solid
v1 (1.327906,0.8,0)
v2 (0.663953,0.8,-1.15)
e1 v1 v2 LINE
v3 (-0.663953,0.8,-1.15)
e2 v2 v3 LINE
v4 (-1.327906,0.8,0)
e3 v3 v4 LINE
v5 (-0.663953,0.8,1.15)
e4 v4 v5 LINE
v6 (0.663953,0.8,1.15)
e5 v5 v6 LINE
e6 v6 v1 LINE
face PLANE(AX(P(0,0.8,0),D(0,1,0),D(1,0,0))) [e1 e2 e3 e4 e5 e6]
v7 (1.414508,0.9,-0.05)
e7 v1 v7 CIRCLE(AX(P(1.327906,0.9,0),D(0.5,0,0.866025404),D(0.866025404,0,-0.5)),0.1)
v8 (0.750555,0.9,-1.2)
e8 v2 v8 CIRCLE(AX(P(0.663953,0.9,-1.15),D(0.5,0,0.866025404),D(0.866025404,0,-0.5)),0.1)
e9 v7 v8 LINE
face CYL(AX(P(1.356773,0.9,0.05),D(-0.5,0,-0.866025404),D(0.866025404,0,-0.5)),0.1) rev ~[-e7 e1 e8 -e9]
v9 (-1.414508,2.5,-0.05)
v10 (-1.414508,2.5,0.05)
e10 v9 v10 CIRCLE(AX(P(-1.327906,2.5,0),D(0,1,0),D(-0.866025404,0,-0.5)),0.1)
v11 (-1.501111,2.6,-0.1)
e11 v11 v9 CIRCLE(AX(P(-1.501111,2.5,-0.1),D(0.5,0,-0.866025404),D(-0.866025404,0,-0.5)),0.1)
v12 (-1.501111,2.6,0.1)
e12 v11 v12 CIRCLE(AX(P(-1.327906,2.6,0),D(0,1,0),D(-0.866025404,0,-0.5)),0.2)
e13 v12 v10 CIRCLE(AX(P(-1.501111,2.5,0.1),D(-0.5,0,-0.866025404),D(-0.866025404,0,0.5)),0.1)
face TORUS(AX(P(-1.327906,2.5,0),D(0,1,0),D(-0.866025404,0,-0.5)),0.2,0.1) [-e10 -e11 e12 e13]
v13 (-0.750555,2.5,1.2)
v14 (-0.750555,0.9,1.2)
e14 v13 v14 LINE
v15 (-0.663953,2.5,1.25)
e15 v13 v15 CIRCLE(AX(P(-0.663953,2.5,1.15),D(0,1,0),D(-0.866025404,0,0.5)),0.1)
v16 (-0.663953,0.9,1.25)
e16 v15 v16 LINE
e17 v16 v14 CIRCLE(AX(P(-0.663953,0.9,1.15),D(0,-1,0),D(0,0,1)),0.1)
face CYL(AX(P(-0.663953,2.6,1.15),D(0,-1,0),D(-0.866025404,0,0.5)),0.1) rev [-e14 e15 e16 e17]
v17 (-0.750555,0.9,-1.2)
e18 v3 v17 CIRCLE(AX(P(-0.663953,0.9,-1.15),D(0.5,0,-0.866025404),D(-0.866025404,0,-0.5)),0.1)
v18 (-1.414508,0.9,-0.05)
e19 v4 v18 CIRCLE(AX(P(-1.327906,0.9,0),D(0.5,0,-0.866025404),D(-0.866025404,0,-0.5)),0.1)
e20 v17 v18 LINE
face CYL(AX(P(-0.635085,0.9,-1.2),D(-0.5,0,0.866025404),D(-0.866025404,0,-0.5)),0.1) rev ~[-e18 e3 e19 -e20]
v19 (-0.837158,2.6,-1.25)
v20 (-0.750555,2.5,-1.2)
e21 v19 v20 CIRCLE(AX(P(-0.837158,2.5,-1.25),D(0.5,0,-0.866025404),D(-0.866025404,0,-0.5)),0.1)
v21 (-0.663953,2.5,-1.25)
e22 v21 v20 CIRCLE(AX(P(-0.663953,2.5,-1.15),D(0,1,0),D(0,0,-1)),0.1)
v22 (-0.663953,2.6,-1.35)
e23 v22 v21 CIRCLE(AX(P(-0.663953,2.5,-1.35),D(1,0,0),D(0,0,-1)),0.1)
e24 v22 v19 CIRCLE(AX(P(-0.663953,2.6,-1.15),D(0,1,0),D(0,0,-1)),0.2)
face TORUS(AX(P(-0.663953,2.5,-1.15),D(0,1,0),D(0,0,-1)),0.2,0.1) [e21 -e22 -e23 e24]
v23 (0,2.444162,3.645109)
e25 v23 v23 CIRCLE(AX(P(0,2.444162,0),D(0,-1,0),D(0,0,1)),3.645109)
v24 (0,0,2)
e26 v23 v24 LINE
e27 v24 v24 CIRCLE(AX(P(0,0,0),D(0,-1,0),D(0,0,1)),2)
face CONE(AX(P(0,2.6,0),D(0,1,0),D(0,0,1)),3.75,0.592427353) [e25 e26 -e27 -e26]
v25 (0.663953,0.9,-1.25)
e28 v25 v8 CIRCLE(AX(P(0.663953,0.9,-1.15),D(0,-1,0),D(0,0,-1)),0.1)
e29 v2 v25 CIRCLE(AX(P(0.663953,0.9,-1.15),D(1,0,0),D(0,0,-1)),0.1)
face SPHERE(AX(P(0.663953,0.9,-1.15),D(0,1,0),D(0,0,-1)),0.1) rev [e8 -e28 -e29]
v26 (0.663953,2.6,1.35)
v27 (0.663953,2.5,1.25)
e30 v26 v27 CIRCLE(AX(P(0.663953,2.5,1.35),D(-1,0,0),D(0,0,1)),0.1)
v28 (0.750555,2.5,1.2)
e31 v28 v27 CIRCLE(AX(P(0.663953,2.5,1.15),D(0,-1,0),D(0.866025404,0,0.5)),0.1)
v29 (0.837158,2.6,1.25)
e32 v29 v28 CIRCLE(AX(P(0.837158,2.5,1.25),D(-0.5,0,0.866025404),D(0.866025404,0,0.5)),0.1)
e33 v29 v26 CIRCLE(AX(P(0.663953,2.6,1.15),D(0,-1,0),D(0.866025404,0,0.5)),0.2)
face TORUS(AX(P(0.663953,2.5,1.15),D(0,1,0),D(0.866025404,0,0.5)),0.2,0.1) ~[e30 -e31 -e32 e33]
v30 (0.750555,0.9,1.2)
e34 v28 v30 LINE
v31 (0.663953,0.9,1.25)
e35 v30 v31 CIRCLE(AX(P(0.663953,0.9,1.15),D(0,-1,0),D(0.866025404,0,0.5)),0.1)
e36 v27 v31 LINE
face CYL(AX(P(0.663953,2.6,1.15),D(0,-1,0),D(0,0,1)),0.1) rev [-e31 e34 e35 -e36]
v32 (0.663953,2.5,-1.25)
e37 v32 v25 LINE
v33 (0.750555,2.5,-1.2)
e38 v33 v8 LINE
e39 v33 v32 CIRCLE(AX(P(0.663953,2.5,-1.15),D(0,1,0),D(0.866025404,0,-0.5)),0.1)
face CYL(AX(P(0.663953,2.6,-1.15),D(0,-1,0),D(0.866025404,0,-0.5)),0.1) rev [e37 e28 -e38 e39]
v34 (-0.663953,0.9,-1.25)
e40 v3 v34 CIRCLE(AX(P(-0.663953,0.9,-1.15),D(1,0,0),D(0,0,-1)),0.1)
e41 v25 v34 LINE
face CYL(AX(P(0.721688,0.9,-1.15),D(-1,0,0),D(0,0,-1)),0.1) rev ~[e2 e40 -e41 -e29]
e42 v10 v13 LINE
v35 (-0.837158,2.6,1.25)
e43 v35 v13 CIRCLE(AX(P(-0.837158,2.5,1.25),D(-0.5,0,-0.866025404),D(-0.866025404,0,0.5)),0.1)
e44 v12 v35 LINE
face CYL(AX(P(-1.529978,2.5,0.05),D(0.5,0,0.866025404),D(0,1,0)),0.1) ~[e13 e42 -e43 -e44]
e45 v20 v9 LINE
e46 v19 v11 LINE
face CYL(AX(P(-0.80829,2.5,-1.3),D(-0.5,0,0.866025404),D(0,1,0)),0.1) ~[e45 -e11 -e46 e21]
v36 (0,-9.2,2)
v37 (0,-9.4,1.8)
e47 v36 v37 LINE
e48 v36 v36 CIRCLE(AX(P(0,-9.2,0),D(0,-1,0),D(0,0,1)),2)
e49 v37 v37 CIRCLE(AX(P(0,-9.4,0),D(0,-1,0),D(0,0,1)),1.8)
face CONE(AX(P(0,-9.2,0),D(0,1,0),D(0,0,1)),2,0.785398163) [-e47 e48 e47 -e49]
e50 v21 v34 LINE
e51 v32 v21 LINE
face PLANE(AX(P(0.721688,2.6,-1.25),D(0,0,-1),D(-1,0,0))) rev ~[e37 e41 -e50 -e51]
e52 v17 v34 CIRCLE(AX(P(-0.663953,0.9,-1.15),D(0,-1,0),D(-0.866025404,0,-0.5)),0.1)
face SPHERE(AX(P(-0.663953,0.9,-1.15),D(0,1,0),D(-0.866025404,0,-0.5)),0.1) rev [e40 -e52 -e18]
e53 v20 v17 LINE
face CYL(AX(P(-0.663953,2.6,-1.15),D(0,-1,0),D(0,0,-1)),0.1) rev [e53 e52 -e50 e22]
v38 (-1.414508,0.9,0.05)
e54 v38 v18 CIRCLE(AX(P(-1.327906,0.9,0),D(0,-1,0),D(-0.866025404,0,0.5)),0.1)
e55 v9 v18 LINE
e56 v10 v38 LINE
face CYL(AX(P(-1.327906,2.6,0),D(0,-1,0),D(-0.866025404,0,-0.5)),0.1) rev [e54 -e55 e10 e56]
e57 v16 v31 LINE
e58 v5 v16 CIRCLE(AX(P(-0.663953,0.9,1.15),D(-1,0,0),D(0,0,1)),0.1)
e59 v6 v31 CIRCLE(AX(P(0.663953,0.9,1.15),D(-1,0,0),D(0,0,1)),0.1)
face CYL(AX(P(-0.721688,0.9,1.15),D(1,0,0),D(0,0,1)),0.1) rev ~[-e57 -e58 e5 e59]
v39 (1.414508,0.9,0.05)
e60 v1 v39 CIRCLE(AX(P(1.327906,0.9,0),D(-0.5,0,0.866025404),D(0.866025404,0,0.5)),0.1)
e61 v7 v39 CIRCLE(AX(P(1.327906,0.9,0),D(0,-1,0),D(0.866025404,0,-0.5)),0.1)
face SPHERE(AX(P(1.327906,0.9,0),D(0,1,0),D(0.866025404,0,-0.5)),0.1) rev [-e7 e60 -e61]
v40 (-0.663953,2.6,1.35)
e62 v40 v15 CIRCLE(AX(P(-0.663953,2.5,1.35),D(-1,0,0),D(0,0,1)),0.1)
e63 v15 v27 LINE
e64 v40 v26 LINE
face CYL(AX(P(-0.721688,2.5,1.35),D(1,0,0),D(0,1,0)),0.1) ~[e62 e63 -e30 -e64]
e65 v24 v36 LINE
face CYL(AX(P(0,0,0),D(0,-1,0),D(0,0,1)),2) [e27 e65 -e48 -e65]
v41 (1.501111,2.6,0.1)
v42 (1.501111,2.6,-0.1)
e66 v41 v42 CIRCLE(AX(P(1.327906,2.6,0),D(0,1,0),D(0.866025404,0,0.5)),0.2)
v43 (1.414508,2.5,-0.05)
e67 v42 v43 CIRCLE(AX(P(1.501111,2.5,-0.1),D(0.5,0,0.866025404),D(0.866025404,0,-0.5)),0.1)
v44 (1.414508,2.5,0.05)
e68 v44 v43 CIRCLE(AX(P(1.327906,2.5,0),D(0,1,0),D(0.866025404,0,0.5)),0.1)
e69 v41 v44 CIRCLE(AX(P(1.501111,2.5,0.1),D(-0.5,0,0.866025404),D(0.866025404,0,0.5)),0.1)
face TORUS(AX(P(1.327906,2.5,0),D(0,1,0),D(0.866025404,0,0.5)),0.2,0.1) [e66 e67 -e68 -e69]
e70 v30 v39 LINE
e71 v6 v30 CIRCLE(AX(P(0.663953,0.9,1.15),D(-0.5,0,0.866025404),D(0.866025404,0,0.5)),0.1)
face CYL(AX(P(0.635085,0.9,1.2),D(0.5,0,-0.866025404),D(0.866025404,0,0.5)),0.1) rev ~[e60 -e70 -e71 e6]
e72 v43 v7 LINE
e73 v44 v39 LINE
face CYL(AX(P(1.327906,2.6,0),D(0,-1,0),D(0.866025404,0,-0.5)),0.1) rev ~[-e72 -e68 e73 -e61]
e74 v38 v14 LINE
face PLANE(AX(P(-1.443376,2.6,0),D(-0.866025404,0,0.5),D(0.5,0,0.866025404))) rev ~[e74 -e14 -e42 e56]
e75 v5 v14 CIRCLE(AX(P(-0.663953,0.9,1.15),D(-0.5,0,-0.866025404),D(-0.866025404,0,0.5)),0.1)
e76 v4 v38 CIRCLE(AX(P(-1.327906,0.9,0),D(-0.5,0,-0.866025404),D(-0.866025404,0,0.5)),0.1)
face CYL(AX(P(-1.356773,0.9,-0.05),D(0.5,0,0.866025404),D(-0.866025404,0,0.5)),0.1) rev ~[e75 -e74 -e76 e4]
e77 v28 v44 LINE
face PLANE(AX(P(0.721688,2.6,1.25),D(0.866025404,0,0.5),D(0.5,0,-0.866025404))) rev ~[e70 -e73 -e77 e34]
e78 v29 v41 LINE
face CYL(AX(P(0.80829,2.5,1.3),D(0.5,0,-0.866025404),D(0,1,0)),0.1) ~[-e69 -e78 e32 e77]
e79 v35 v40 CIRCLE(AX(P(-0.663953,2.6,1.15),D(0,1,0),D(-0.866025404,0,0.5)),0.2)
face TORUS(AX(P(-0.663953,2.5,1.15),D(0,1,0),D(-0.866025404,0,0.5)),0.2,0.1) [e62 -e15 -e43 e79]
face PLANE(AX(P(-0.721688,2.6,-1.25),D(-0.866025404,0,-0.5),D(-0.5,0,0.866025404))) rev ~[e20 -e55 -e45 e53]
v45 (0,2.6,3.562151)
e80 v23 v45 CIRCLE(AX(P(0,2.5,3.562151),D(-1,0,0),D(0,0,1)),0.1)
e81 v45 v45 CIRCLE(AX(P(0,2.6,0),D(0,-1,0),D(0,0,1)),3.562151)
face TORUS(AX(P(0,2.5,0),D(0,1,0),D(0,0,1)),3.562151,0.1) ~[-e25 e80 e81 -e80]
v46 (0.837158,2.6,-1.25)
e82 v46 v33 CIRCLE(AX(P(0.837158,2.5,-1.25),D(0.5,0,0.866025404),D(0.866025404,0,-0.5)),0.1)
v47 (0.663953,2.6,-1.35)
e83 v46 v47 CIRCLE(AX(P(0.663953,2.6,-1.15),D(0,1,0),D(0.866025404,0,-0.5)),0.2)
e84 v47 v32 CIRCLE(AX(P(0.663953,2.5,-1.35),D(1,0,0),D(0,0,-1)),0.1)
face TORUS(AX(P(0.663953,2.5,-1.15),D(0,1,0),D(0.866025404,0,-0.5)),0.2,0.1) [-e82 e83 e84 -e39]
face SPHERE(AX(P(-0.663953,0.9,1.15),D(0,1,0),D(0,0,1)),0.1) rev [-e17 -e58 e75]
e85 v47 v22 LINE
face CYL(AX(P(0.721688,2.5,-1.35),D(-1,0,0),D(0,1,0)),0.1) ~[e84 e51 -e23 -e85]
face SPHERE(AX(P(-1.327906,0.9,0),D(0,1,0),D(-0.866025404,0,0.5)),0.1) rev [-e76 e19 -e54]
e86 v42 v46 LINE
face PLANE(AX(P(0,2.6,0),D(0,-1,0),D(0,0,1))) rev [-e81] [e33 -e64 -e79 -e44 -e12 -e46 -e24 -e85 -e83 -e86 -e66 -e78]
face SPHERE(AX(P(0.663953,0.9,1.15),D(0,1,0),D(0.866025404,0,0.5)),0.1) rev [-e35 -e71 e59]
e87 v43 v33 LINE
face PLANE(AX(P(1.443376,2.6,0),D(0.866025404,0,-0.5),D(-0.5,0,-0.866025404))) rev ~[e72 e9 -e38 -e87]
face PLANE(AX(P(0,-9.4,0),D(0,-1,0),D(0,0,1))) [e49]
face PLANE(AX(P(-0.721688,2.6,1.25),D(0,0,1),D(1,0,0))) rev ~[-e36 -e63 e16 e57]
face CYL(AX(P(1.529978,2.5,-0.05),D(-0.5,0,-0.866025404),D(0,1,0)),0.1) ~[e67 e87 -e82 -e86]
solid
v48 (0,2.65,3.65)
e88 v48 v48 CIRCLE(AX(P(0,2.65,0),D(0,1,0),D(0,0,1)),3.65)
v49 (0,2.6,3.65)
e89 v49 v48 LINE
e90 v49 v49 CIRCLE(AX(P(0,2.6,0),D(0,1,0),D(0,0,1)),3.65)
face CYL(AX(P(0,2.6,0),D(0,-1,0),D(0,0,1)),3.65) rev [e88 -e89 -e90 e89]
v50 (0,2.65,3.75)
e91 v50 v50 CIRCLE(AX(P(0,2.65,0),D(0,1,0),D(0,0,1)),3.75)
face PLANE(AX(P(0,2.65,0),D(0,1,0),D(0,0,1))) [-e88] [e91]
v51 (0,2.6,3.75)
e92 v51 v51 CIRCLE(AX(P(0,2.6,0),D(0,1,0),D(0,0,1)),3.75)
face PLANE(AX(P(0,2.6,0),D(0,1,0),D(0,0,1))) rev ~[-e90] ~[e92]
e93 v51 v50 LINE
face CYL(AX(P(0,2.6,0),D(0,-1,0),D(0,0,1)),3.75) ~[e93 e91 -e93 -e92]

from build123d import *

# Parameters (mm, degrees)
CUT_EXTRUDE1_DEPTH = 1.8
CHAMFER1_SIZE      = 0.2
FILLET1_R          = 0.1
SKETCH_1_R         = 3.75
SKETCH_1_R_2       = 3.65
EXTRUDE_1920_DEPTH = 0.05


with BuildPart() as part:
    # Sketch1 → Revolve1 (revolve)
    with BuildSketch(Plane(origin=(0, 0, 0), x_dir=(0, 0, -1), z_dir=(1, 0, 0))):
        Polygon((-3.75, 2.6), (-2, 0), (-2, -9.4), (0, -9.4), (0, 2.6), align=None)
    revolve(axis=Axis((0, 2.6, 0), (0, -1, 0)))

    # Sketch2 → Cut-Extrude1 (cut)
    with BuildSketch(Plane(origin=(0, 2.6, 0), x_dir=(1, 0, 0), z_dir=(0, 1, 0))):
        Polygon((1.443375673, 0), (0.721687836, 1.25), (-0.721687836, 1.25), (-1.443375673, 0), (-0.721687836, -1.25), (0.721687836, -1.25), align=None)
    extrude(amount=-CUT_EXTRUDE1_DEPTH, mode=Mode.SUBTRACT)

    # Chamfer1
    chamfer1_edges = [part.edges().sort_by_distance(p)[0] for p in [
        (0, -9.4, -2),
    ]]
    chamfer(chamfer1_edges, length=CHAMFER1_SIZE)

    # Fillet1
    fillet1_edges = [part.edges().sort_by_distance(p)[0] for p in [
        (1.082531755, 0.8, 0.625),
        (1.443375673, 1.7, 0),
        (0, 0.8, 1.25),
        (0.721687836, 1.7, 1.25),
        (-1.082531755, 0.8, 0.625),
        (-0.721687836, 1.7, 1.25),
        (-1.082531755, 0.8, -0.625),
        (-1.443375673, 1.7, 0),
        (0, 0.8, -1.25),
        (-0.721687836, 1.7, -1.25),
        (1.082531755, 0.8, -0.625),
        (0.721687836, 1.7, -1.25),
        (1.082531755, 2.6, 0.625),
        (1.082531755, 2.6, -0.625),
        (0, 2.6, -1.25),
        (-1.082531755, 2.6, -0.625),
        (-1.082531755, 2.6, 0.625),
        (0, 2.6, 1.25),
        (0, 2.6, -3.75),
    ]]
    fillet(fillet1_edges, radius=FILLET1_R)


with BuildPart() as body_2:
    # 草图1 → Extrude 1920 (new body)
    with BuildSketch(Plane(origin=(0, 2.6, 0), x_dir=(1, 0, 0), z_dir=(0, 1, 0))):
        with Locations(Location((0, 0, 0), (0, 0, 270))):
            Circle(SKETCH_1_R)
        with Locations(Location((0, 0, 0), (0, 0, 270))):
            Circle(SKETCH_1_R_2, mode=Mode.SUBTRACT)
    extrude(amount=EXTRUDE_1920_DEPTH)


solid = Compound([part.part, body_2.part])
